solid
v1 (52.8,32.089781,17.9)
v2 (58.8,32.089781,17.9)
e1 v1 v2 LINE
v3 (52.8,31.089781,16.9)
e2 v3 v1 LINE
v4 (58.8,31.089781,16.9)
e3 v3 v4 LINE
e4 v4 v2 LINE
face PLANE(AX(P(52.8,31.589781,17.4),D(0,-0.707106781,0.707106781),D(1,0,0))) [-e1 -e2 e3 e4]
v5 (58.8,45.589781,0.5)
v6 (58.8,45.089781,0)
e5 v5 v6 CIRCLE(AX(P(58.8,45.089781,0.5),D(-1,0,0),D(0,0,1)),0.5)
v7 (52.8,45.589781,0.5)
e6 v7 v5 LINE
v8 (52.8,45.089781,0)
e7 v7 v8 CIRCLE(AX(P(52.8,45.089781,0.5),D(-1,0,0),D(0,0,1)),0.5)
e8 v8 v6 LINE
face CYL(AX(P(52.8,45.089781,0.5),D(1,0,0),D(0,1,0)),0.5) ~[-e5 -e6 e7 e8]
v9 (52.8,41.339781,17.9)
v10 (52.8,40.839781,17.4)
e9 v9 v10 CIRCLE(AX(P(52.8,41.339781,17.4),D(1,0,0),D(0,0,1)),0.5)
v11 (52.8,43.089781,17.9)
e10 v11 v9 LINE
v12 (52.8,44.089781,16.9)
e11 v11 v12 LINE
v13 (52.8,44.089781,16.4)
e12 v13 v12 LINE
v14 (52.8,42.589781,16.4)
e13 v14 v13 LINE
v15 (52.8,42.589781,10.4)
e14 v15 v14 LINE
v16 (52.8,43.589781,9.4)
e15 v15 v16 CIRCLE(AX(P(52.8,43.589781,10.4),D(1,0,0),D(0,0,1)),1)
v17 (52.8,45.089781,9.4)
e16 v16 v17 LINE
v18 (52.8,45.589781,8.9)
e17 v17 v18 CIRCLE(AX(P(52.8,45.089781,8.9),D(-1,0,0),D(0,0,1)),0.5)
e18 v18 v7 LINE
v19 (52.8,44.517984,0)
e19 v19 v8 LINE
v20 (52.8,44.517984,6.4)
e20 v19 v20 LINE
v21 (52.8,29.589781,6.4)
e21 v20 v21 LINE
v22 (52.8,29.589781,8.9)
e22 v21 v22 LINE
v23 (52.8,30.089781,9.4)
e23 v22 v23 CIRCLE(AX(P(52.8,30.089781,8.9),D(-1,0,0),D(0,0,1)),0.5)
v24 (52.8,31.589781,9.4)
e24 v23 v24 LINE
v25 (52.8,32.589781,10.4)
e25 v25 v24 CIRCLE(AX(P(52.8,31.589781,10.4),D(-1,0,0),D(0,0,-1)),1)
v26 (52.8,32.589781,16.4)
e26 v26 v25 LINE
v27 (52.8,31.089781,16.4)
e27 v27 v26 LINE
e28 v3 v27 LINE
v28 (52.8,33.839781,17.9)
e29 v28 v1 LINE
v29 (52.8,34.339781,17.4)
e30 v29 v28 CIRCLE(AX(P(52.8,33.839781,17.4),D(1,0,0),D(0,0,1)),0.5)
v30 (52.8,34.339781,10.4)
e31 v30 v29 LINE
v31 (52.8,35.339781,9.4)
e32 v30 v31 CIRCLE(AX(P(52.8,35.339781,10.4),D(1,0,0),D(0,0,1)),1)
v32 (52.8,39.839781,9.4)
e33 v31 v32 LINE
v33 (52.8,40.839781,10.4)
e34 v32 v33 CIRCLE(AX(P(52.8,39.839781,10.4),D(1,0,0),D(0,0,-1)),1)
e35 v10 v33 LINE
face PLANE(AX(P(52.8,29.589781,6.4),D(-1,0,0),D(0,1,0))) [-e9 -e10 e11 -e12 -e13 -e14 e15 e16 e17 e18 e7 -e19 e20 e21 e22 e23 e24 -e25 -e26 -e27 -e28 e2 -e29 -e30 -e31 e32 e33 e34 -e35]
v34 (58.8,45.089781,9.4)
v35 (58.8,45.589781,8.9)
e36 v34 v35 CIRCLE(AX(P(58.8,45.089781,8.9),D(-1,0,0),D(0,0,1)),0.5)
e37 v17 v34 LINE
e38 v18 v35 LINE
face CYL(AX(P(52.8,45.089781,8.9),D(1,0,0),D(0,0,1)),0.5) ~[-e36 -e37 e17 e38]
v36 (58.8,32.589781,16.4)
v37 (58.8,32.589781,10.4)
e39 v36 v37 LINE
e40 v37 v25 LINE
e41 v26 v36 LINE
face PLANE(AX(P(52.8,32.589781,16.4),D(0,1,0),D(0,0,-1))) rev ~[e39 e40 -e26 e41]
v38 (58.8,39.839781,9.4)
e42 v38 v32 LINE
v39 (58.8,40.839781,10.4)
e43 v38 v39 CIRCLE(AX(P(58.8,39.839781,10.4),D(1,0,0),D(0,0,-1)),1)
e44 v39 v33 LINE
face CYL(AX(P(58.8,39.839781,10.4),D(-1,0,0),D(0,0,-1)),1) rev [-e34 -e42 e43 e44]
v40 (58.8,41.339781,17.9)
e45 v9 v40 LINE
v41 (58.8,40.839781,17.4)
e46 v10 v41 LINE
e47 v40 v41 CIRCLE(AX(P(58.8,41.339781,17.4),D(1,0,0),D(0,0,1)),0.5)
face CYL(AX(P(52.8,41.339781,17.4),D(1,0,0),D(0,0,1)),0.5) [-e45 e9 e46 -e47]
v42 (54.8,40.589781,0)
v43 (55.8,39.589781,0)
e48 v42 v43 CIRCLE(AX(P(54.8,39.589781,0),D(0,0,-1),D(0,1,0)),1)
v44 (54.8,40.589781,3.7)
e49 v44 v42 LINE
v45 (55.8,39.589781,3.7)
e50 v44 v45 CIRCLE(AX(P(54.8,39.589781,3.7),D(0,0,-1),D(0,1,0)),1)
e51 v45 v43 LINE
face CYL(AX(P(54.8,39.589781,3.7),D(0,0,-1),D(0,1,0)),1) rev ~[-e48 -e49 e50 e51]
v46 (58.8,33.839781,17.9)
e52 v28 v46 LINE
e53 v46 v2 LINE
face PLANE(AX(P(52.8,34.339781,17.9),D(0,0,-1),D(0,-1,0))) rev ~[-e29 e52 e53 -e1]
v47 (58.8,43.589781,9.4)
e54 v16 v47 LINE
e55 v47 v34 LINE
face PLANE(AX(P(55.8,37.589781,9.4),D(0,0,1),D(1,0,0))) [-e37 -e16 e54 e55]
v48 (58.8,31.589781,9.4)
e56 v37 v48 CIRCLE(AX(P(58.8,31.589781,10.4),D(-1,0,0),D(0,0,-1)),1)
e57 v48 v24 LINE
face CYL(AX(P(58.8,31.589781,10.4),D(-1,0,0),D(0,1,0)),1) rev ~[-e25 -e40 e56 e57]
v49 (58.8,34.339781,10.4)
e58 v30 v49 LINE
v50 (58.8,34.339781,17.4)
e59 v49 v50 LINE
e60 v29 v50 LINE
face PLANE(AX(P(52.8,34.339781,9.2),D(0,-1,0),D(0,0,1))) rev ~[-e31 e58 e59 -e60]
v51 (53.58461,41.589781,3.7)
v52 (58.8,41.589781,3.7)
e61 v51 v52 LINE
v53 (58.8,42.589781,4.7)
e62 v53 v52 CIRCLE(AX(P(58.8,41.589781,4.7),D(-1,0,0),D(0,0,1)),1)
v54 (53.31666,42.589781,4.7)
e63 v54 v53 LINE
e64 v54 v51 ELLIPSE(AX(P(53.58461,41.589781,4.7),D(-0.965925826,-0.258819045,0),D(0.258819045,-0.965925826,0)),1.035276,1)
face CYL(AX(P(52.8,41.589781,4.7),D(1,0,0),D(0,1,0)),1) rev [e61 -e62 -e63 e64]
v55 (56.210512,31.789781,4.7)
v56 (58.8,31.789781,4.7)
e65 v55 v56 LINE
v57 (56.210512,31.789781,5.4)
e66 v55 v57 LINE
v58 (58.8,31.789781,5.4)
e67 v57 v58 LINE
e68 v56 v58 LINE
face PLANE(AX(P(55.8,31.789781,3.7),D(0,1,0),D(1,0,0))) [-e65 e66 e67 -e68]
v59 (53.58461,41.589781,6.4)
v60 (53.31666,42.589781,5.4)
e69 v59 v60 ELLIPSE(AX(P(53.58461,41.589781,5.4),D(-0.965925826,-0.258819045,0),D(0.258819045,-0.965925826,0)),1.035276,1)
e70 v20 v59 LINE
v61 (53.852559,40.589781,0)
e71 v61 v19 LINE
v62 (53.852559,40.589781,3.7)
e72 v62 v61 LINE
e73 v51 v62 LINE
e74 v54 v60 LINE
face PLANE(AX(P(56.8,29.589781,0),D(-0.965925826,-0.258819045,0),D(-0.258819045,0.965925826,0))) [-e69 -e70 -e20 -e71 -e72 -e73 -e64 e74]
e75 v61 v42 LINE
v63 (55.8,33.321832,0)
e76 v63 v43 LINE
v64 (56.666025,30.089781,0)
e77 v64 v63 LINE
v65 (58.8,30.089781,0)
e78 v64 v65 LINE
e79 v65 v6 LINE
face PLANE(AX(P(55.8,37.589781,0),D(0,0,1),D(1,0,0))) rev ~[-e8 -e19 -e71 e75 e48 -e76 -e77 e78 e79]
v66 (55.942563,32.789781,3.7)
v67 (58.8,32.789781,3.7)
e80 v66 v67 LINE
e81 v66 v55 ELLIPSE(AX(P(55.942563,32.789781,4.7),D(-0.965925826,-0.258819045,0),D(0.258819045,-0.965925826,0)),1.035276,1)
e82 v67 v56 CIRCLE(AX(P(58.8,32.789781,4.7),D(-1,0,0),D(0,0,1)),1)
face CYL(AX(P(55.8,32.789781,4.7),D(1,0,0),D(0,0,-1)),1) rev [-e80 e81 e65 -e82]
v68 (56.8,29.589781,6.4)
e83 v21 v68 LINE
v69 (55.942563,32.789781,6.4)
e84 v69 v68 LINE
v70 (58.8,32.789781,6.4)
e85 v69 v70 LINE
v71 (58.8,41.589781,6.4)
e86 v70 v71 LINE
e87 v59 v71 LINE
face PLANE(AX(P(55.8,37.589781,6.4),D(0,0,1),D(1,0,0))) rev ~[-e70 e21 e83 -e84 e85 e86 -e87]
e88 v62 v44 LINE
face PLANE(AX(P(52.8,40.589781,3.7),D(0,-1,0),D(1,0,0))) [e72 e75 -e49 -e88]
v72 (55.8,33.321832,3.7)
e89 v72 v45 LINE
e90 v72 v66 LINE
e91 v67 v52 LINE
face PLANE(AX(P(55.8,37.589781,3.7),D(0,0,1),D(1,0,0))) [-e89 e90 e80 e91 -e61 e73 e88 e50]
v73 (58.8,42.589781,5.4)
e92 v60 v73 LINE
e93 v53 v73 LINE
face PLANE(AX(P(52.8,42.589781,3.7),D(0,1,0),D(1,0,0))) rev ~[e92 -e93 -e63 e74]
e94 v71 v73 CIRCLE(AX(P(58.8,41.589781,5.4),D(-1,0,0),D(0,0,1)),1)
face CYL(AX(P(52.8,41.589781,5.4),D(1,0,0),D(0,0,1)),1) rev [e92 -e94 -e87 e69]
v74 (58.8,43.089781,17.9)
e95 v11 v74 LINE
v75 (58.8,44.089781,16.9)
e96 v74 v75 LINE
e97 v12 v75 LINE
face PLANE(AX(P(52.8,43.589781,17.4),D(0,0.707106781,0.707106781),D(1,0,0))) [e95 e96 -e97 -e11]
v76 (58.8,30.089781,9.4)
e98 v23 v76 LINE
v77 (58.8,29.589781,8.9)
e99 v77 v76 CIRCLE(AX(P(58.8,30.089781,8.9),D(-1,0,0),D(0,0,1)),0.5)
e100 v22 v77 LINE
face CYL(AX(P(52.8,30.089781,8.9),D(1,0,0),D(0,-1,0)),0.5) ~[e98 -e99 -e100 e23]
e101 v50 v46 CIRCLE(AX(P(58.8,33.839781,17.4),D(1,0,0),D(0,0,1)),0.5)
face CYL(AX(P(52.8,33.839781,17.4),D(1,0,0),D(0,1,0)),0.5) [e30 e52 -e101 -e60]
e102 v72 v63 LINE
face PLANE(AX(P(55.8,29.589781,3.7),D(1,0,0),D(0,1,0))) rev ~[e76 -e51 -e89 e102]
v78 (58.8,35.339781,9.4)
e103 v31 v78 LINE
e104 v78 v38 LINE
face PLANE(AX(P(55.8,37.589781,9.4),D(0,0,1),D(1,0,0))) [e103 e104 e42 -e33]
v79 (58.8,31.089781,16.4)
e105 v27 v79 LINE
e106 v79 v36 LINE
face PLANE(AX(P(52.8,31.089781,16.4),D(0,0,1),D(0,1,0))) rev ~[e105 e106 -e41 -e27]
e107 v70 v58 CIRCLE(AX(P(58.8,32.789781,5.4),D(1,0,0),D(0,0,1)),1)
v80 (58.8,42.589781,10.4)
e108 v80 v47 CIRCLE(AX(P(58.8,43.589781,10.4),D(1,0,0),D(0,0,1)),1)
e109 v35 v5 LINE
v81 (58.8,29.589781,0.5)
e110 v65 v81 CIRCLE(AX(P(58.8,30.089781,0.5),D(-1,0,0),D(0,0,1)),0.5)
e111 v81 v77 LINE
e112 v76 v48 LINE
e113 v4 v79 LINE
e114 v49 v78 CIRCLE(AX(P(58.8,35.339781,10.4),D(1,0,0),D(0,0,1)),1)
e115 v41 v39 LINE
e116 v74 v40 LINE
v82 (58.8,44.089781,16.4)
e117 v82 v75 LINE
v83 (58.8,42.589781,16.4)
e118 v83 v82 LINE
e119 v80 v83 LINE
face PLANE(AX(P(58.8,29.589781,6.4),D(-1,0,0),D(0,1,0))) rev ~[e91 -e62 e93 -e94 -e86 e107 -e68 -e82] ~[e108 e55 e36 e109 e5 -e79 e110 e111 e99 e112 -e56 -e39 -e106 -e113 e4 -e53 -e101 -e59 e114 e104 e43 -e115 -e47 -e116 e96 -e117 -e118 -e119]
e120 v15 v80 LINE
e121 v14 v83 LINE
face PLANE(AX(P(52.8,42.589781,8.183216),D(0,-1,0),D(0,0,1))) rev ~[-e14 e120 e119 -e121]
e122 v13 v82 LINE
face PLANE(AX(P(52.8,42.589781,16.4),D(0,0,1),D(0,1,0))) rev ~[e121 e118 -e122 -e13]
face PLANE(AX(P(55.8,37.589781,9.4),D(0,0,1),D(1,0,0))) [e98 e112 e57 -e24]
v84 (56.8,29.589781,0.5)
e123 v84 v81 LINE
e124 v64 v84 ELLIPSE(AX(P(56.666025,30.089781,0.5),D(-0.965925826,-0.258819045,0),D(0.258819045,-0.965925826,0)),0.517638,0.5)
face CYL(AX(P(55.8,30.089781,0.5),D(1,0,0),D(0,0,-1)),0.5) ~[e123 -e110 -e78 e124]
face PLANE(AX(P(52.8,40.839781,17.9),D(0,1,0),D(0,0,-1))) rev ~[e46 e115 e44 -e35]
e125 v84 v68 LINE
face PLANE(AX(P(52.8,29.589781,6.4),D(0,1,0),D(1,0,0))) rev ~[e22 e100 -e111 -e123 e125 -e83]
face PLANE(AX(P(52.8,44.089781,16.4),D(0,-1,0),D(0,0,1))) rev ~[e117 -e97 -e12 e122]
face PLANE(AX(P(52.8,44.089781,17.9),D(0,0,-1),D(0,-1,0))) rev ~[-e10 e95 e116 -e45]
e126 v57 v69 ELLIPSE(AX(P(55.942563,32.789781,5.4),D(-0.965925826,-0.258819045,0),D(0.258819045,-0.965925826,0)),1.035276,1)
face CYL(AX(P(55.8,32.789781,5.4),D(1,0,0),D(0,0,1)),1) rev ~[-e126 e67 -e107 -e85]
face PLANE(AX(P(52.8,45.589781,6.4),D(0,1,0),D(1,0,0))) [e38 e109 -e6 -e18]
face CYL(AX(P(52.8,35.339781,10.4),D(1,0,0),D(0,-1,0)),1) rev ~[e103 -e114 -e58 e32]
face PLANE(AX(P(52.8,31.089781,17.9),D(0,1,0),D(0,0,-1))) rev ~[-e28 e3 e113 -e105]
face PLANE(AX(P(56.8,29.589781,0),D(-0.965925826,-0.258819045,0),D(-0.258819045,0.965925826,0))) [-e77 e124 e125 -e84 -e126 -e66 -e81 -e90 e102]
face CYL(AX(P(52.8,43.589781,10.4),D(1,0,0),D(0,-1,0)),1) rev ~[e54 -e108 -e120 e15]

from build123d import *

# Parameters (mm, degrees)
ESQUISSE1_W             = 6
ESQUISSE1_H             = 16
EXTRUSION1_DEPTH        = 3.7
ESQUISSE2_W             = 6
ESQUISSE2_H             = 3
ESQUISSE2_W_2           = 3
ESQUISSE2_H_2           = 2.2
EXTRUSION2_DEPTH        = 2.7
ESQUISSE3_W             = 3
ESQUISSE3_H             = 11
ENL_V_MAT_EXTRU_1_DEPTH = 5
ESQUISSE4_W             = 6
ESQUISSE4_H             = 16
EXTRUSION3_DEPTH        = 3
EXTRUSION4_DEPTH        = 6
CHANFREIN1_SIZE         = 1
CONG_1_R                = 1
CONG_2_R                = 0.5
ENL_V_MAT_EXTRU_2_REACH = 78.526


with BuildPart() as part:
    # Esquisse1 → Extrusion1 (new body)
    with BuildSketch(Plane.XY):
        with Locations((55.8, 37.58978076)):
            Rectangle(ESQUISSE1_W, ESQUISSE1_H)
    extrude(amount=EXTRUSION1_DEPTH)

    # Esquisse2 → Extrusion2 (add)
    with BuildSketch(Plane.XY.offset(3.7)):
        with Locations((55.8, 44.08978076)):
            Rectangle(ESQUISSE2_W, ESQUISSE2_H)
        with Locations((57.3, 30.68978076)):
            Rectangle(ESQUISSE2_W_2, ESQUISSE2_H_2)
    extrude(amount=EXTRUSION2_DEPTH)

    # Esquisse3 → Enlèv. mat.-Extru.1 (cut)
    with BuildSketch(Plane.XY.offset(3.7)):
        with Locations((54.3, 35.08978076)):
            Rectangle(ESQUISSE3_W, ESQUISSE3_H)
    extrude(amount=-ENL_V_MAT_EXTRU_1_DEPTH, mode=Mode.SUBTRACT)

    # Esquisse4 → Extrusion3 (add)
    with BuildSketch(Plane.XY.offset(6.4)):
        with Locations((55.8, 37.58978076)):
            Rectangle(ESQUISSE4_W, ESQUISSE4_H)
    extrude(amount=EXTRUSION3_DEPTH)

    # Esquisse5 → Extrusion4 (add)
    with BuildSketch(Plane.ZY.offset(-52.8)):
        Polygon((8.183216319, 42.58978076), (16.4, 42.58978076), (16.4, 44.08978076), (17.9, 44.08978076), (17.9, 40.83978076), (9.2, 40.83978076), (9.2, 34.33978076), (17.9, 34.33978076), (17.9, 31.08978076), (16.4, 31.08978076), (16.4, 32.58978076), (8.183216319, 32.58978076), align=None)
    extrude(amount=-EXTRUSION4_DEPTH)

    # Chanfrein1
    chanfrein1_edges = [part.edges().sort_by_distance(p)[0] for p in [
        (55.8, 44.08978076, 17.9),
        (55.8, 31.08978076, 17.9),
    ]]
    chamfer(chanfrein1_edges, length=CHANFREIN1_SIZE)

    # Congé1
    cong_1_edges = [part.edges().sort_by_distance(p)[0] for p in [
        (55.8, 40.58978076, 1.85),
        (55.8, 42.58978076, 6.4),
        (55.8, 42.58978076, 3.7),
        (57.3, 31.78978076, 3.7),
        (57.3, 31.78978076, 6.4),
        (55.8, 34.33978076, 9.4),
        (55.8, 42.58978076, 9.4),
        (55.8, 32.58978076, 9.4),
        (55.8, 40.83978076, 9.4),
    ]]
    fillet(cong_1_edges, radius=CONG_1_R)

    # Congé2
    cong_2_edges = [part.edges().sort_by_distance(p)[0] for p in [
        (57.3, 29.58978076, 0),
        (55.8, 45.58978076, 0),
        (55.8, 29.58978076, 9.4),
        (55.8, 45.58978076, 9.4),
        (55.8, 40.83978076, 17.9),
        (55.8, 34.33978076, 17.9),
    ]]
    fillet(cong_2_edges, radius=CONG_2_R)

    # Enlèv. mat.-Extru.2: up to this face of the body (flat: up to its plane)
    enl_v_mat_extru_2_end = Plane(part.part.faces().sort_by_distance((55.569230769, 36.266703837, 6.4))[0])
    # Esquisse6 → Enlèv. mat.-Extru.2 (cut, up to the picked face)
    with BuildSketch(Plane(origin=(0, 0, 0), x_dir=(-1, 0, 0), z_dir=(0, 0, -1)), mode=Mode.PRIVATE) as enl_v_mat_extru_2_sk1:
        Polygon((-56.8, 29.58978076), (-52.381825652, 46.078631902), (-52.381825652, 29.58978076), align=None)
    enl_v_mat_extru_2_tool1 = split(extrude(enl_v_mat_extru_2_sk1.sketch, amount=-ENL_V_MAT_EXTRU_2_REACH, mode=Mode.PRIVATE), bisect_by=enl_v_mat_extru_2_end, keep=Keep.BOTH, mode=Mode.PRIVATE)
    add(enl_v_mat_extru_2_tool1.solids().sort_by(Axis((53.85455, 35.086064, 0), (0, 0, 1)))[0], mode=Mode.SUBTRACT)


solid = part.part
